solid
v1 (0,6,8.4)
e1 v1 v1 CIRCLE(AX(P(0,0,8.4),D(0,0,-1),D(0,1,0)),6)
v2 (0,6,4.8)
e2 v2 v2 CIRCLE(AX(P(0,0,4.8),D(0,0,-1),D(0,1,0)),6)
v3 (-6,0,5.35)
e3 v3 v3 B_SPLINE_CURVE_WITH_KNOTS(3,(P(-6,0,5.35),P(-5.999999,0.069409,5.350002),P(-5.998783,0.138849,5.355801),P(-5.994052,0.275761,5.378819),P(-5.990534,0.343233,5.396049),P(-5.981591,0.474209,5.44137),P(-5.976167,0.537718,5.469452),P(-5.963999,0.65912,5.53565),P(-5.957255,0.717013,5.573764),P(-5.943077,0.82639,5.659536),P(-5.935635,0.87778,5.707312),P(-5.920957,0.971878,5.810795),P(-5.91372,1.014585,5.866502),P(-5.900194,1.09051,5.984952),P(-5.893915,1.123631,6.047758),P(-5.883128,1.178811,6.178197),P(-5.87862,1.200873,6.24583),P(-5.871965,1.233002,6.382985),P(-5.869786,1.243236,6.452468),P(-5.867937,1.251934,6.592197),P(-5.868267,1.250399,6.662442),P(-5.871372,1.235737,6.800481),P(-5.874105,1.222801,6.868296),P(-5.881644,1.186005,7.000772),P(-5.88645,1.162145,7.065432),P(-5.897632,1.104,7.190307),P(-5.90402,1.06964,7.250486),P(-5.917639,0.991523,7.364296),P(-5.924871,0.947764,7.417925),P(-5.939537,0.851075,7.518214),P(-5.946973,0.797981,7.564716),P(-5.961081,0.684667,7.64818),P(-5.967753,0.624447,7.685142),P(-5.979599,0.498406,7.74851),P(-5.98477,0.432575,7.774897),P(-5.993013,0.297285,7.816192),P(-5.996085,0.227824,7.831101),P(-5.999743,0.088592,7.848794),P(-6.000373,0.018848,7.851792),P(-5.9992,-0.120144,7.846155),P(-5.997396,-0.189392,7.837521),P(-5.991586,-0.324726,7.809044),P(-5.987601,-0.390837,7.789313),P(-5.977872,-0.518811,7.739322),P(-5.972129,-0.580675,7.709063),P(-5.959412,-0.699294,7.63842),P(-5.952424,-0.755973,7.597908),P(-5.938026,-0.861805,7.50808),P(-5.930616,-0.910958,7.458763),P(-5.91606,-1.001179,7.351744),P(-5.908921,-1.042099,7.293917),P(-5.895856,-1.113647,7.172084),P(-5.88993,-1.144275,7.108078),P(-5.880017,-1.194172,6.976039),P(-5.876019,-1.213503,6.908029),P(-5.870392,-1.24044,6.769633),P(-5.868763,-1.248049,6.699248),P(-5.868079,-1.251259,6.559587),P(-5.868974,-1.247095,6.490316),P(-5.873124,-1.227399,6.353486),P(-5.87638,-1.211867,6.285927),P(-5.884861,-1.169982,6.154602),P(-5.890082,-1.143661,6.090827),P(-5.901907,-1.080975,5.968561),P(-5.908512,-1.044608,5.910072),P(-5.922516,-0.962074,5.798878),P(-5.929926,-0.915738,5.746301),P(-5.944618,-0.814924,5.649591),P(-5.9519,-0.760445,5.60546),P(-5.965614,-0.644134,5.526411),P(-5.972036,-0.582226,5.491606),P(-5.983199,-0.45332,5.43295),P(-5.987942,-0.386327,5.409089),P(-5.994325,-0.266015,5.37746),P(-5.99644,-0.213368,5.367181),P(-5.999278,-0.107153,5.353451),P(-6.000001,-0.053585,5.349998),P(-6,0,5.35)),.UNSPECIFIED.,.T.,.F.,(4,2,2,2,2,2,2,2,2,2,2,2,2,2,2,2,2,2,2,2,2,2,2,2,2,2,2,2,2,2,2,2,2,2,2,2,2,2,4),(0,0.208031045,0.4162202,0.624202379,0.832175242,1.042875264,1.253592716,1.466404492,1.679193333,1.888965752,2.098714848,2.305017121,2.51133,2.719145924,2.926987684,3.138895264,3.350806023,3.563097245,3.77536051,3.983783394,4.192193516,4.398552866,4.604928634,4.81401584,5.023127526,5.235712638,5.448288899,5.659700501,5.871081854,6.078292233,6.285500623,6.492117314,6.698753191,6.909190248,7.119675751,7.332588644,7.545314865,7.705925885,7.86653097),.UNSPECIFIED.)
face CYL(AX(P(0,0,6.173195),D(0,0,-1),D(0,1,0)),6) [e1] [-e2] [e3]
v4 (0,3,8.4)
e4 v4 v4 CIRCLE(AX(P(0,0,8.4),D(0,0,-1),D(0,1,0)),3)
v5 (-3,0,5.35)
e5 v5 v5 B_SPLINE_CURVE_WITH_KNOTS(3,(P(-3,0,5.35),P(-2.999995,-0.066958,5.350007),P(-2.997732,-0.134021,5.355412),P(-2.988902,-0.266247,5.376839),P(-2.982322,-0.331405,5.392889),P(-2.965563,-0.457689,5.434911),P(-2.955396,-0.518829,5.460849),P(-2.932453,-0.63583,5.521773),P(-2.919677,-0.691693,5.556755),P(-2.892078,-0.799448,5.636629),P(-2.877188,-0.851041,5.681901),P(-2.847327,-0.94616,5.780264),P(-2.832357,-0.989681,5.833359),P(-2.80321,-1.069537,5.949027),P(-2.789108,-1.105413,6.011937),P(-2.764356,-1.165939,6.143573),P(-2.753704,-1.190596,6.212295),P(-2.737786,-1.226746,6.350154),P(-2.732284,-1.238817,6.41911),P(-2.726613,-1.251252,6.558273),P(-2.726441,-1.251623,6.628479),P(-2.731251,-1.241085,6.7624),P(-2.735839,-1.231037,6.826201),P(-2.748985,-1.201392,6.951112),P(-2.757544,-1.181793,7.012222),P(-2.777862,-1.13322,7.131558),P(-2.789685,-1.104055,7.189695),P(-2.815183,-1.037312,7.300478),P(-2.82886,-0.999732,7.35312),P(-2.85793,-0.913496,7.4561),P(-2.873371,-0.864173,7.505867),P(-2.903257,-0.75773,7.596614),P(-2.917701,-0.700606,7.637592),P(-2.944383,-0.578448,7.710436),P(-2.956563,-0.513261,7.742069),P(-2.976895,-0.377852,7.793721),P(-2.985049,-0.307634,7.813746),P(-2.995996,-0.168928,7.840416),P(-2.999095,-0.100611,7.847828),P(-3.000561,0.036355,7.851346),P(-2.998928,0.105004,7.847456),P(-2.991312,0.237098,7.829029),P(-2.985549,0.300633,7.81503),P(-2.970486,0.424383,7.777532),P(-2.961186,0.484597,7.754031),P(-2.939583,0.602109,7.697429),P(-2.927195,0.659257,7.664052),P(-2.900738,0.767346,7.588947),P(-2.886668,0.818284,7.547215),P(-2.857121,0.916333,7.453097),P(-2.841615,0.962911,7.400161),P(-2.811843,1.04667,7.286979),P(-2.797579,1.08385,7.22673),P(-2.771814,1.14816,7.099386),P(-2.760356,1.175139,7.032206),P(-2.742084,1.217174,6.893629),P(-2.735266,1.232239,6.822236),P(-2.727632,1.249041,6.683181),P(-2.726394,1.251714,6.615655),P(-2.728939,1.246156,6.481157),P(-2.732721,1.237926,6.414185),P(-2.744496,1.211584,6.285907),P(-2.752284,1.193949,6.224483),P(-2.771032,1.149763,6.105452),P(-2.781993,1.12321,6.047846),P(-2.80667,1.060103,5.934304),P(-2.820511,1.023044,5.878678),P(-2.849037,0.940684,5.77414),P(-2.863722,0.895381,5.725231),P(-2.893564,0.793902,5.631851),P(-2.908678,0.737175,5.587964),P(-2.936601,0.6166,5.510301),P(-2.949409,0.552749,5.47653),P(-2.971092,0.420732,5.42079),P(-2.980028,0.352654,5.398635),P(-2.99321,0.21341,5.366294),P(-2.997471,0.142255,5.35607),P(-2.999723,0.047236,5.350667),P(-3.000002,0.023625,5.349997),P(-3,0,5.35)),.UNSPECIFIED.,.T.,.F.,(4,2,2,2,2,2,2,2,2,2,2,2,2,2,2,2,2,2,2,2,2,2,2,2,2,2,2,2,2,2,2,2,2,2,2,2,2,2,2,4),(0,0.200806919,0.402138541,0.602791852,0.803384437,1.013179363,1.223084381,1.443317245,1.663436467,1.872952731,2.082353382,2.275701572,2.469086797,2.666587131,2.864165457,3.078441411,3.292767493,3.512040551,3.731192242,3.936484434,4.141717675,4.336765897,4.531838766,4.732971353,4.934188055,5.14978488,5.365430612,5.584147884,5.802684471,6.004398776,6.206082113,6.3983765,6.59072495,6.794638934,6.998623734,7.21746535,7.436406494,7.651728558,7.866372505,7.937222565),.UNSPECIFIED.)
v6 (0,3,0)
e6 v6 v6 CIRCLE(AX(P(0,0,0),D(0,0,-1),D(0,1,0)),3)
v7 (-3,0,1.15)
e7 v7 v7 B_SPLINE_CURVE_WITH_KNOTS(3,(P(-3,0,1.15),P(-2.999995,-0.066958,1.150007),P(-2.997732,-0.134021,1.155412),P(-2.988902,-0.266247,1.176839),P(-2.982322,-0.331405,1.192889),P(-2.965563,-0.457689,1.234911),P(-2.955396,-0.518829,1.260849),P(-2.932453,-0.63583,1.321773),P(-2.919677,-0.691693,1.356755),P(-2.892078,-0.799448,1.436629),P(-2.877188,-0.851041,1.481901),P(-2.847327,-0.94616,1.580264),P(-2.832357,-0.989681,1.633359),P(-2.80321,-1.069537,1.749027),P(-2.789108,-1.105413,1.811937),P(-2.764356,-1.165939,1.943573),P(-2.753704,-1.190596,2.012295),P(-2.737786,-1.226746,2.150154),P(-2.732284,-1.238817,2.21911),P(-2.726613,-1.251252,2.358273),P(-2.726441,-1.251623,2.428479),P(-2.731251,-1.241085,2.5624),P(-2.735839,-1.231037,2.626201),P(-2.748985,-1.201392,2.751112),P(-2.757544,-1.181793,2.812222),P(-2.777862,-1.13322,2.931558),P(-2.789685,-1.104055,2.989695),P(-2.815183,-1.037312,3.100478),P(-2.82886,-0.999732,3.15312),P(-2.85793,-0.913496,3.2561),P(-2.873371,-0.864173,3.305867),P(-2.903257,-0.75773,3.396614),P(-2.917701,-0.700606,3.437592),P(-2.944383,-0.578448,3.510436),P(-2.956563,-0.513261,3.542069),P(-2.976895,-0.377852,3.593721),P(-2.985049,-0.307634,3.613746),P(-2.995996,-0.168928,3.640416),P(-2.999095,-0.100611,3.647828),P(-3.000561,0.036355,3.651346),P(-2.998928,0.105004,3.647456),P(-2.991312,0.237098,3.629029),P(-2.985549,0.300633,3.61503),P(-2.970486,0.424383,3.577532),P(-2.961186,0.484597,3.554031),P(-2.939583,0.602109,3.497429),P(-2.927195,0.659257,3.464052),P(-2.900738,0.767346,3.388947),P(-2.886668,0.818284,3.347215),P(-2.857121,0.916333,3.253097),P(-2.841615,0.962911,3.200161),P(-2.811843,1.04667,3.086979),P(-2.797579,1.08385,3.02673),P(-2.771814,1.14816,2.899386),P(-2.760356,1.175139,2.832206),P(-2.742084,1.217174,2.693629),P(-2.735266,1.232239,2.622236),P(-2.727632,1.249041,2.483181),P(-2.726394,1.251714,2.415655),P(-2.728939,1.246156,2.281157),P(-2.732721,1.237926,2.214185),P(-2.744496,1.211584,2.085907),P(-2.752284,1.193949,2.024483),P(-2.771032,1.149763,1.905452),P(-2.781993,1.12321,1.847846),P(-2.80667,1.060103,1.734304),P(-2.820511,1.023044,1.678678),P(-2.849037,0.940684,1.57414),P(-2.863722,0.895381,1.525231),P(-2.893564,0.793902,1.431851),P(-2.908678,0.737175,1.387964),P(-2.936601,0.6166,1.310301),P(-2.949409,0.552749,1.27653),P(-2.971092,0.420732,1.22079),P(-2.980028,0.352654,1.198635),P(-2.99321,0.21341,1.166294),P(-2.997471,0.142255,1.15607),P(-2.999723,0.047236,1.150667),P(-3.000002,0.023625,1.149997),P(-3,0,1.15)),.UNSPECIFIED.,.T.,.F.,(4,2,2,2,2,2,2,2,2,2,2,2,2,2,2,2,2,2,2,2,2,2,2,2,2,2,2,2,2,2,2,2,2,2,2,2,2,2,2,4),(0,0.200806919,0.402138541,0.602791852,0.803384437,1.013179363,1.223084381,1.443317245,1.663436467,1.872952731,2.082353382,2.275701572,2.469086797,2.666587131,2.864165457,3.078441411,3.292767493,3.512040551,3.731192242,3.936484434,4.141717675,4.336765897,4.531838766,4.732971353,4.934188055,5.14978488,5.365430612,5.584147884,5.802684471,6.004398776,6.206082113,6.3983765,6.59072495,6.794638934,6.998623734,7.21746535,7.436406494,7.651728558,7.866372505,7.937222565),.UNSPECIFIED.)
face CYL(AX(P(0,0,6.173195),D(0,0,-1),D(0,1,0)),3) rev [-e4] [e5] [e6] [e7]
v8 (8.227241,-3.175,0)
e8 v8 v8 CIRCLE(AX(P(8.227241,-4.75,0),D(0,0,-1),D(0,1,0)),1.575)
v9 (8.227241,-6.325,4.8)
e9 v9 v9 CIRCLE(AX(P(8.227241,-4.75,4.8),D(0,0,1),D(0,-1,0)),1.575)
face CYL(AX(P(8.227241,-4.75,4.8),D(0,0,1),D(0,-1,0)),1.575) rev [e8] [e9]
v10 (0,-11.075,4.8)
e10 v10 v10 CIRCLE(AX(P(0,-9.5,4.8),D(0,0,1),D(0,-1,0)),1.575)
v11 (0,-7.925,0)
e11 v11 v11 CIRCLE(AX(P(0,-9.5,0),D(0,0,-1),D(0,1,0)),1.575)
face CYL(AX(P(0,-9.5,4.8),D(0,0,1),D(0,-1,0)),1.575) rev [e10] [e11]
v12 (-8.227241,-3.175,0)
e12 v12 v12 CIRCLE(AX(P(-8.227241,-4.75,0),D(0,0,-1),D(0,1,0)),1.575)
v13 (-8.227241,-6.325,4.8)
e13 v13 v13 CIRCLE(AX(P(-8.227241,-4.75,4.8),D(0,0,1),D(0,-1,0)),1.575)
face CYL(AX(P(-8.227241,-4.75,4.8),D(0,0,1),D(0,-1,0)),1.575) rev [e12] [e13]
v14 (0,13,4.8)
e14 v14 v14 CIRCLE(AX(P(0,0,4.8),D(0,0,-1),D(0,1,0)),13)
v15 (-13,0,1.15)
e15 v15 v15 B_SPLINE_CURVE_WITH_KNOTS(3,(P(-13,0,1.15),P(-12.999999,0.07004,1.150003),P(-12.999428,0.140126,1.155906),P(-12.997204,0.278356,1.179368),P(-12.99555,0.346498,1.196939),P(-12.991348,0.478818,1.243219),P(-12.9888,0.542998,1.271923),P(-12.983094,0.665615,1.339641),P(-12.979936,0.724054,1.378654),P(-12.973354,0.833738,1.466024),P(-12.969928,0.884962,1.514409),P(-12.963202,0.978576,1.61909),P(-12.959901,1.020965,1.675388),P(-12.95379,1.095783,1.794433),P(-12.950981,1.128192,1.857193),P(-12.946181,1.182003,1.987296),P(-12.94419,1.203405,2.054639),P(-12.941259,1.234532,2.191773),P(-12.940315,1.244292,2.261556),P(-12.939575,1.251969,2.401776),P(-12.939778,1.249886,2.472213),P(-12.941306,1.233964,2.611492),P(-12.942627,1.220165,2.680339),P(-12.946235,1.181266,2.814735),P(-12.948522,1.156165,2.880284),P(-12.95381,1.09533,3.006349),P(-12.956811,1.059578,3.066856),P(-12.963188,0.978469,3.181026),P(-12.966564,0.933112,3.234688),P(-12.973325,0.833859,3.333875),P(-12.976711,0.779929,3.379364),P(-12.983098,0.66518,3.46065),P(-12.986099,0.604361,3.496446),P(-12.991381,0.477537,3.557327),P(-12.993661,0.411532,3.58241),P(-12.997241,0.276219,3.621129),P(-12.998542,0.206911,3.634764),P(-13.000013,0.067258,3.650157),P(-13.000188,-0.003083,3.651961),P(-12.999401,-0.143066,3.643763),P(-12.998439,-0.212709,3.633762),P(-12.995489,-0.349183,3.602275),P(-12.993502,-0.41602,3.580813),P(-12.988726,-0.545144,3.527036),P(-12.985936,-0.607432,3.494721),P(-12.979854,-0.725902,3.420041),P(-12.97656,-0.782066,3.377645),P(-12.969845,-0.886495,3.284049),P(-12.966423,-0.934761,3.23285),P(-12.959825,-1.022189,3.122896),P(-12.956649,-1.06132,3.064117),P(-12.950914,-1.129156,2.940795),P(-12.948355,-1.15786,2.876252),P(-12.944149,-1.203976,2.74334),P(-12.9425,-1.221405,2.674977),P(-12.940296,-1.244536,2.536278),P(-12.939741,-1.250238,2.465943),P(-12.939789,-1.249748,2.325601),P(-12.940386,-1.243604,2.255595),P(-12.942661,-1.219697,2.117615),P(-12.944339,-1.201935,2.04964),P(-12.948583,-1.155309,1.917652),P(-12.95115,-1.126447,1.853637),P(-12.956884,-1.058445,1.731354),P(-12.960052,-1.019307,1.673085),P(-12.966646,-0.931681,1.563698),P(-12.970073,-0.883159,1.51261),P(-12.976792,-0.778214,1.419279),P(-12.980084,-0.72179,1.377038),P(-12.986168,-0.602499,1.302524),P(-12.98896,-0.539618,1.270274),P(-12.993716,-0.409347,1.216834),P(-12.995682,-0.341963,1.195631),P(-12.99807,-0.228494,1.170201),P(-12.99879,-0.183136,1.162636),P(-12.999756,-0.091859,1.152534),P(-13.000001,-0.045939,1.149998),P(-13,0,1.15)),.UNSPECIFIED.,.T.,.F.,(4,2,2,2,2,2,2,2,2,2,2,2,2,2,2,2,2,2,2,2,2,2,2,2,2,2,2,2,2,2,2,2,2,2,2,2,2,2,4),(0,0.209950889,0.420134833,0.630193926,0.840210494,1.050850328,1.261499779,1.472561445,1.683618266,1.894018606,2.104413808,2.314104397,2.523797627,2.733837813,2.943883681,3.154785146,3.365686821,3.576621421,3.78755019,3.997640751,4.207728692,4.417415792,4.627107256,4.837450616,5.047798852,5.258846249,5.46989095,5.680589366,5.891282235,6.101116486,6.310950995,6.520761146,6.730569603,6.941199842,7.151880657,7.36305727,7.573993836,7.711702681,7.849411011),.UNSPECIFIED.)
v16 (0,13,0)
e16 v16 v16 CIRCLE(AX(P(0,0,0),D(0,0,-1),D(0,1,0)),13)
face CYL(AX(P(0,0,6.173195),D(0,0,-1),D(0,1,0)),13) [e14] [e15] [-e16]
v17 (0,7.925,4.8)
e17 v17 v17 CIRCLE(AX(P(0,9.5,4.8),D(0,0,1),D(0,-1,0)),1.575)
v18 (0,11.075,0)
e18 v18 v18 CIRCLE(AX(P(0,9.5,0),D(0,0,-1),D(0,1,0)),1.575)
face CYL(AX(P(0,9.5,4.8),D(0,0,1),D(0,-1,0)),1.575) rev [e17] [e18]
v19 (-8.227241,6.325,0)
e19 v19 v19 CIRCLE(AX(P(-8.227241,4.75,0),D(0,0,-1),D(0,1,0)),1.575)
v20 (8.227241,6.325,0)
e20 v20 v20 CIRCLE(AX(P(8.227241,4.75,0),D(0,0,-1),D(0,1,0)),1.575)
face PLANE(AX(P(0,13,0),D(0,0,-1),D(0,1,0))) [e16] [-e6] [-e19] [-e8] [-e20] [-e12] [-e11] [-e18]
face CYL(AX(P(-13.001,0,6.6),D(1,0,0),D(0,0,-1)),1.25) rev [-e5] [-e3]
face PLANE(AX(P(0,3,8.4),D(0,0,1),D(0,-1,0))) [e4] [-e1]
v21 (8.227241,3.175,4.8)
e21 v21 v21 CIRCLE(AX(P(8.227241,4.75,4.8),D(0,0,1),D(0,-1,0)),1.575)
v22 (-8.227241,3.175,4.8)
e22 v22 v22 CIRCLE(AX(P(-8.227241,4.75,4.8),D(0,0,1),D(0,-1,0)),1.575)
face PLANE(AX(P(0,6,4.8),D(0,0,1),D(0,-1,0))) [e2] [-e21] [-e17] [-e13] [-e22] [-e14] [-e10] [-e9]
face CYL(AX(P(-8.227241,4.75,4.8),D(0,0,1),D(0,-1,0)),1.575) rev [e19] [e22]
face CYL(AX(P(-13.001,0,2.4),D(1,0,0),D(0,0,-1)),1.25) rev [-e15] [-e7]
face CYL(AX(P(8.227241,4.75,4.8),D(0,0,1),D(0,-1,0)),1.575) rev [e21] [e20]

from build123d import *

# Parameters (mm, degrees)
TAP_DRILL_FOR_M3_HELICOIL1_D     = 3.15
TAP_DRILL_FOR_M3_HELICOIL1_DEPTH = 10
TAP_DRILL_FOR_M3_HELICOIL1_TIP   = 0.946355475
CUT_EXTRUDE3_REACH               = 22.213
SKETCH2_R                        = 1.25


with BuildPart() as part:
    # Sketch1 → Revolve1 (revolve)
    with BuildSketch(Plane(origin=(0, 0, 0), x_dir=(0, 0, -1), z_dir=(1, 0, 0))):
        Polygon((0, 3), (-8.4, 3), (-8.4, 6), (-4.8, 6), (-4.8, 13), (0, 13), align=None)
    revolve(axis=Axis((0, 0, 6.17319531), (0, 0, 1)))

    # Tap Drill for M3 Helicoil1
    with Locations(Plane(origin=(0, -9.5, 4.8), x_dir=(0, 1, 0), z_dir=(0, 0, 1))):
        with Locations((0, 0), (4.75, -8.227241336), (14.25, -8.227241336), (19, 0), (14.25, 8.227241336), (4.75, 8.227241336)):
            Hole(TAP_DRILL_FOR_M3_HELICOIL1_D / 2, depth=TAP_DRILL_FOR_M3_HELICOIL1_DEPTH)
            with Locations((0, 0, -(TAP_DRILL_FOR_M3_HELICOIL1_DEPTH + TAP_DRILL_FOR_M3_HELICOIL1_TIP / 2))):  # 118° drill point
                Cone(0, TAP_DRILL_FOR_M3_HELICOIL1_D / 2, TAP_DRILL_FOR_M3_HELICOIL1_TIP, mode=Mode.SUBTRACT)

    # Sketch2 → Cut-Extrude3 (cut, up to next)
    with BuildSketch(Plane(origin=(0, 0, 0), x_dir=(0, 0, -1), z_dir=(1, 0, 0)), mode=Mode.PRIVATE) as cut_extrude3_sk1:
        with Locations((-2.4, 0)):
            Circle(SKETCH2_R)
    cut_extrude3_tool1 = extrude(cut_extrude3_sk1.sketch, amount=-CUT_EXTRUDE3_REACH, mode=Mode.PRIVATE) & part.part
    # Sketch2 → Cut-Extrude3 (cut, up to next)
    with BuildSketch(Plane(origin=(0, 0, 0), x_dir=(0, 0, -1), z_dir=(1, 0, 0)), mode=Mode.PRIVATE) as cut_extrude3_sk2:
        with Locations((-6.6, 0)):
            Circle(SKETCH2_R)
    cut_extrude3_tool2 = extrude(cut_extrude3_sk2.sketch, amount=-CUT_EXTRUDE3_REACH, mode=Mode.PRIVATE) & part.part
    add(cut_extrude3_tool1.solids().sort_by_distance((0, 0, 2.4))[0], mode=Mode.SUBTRACT)
    add(cut_extrude3_tool2.solids().sort_by_distance((0, 0, 6.6))[0], mode=Mode.SUBTRACT)


solid = part.part
